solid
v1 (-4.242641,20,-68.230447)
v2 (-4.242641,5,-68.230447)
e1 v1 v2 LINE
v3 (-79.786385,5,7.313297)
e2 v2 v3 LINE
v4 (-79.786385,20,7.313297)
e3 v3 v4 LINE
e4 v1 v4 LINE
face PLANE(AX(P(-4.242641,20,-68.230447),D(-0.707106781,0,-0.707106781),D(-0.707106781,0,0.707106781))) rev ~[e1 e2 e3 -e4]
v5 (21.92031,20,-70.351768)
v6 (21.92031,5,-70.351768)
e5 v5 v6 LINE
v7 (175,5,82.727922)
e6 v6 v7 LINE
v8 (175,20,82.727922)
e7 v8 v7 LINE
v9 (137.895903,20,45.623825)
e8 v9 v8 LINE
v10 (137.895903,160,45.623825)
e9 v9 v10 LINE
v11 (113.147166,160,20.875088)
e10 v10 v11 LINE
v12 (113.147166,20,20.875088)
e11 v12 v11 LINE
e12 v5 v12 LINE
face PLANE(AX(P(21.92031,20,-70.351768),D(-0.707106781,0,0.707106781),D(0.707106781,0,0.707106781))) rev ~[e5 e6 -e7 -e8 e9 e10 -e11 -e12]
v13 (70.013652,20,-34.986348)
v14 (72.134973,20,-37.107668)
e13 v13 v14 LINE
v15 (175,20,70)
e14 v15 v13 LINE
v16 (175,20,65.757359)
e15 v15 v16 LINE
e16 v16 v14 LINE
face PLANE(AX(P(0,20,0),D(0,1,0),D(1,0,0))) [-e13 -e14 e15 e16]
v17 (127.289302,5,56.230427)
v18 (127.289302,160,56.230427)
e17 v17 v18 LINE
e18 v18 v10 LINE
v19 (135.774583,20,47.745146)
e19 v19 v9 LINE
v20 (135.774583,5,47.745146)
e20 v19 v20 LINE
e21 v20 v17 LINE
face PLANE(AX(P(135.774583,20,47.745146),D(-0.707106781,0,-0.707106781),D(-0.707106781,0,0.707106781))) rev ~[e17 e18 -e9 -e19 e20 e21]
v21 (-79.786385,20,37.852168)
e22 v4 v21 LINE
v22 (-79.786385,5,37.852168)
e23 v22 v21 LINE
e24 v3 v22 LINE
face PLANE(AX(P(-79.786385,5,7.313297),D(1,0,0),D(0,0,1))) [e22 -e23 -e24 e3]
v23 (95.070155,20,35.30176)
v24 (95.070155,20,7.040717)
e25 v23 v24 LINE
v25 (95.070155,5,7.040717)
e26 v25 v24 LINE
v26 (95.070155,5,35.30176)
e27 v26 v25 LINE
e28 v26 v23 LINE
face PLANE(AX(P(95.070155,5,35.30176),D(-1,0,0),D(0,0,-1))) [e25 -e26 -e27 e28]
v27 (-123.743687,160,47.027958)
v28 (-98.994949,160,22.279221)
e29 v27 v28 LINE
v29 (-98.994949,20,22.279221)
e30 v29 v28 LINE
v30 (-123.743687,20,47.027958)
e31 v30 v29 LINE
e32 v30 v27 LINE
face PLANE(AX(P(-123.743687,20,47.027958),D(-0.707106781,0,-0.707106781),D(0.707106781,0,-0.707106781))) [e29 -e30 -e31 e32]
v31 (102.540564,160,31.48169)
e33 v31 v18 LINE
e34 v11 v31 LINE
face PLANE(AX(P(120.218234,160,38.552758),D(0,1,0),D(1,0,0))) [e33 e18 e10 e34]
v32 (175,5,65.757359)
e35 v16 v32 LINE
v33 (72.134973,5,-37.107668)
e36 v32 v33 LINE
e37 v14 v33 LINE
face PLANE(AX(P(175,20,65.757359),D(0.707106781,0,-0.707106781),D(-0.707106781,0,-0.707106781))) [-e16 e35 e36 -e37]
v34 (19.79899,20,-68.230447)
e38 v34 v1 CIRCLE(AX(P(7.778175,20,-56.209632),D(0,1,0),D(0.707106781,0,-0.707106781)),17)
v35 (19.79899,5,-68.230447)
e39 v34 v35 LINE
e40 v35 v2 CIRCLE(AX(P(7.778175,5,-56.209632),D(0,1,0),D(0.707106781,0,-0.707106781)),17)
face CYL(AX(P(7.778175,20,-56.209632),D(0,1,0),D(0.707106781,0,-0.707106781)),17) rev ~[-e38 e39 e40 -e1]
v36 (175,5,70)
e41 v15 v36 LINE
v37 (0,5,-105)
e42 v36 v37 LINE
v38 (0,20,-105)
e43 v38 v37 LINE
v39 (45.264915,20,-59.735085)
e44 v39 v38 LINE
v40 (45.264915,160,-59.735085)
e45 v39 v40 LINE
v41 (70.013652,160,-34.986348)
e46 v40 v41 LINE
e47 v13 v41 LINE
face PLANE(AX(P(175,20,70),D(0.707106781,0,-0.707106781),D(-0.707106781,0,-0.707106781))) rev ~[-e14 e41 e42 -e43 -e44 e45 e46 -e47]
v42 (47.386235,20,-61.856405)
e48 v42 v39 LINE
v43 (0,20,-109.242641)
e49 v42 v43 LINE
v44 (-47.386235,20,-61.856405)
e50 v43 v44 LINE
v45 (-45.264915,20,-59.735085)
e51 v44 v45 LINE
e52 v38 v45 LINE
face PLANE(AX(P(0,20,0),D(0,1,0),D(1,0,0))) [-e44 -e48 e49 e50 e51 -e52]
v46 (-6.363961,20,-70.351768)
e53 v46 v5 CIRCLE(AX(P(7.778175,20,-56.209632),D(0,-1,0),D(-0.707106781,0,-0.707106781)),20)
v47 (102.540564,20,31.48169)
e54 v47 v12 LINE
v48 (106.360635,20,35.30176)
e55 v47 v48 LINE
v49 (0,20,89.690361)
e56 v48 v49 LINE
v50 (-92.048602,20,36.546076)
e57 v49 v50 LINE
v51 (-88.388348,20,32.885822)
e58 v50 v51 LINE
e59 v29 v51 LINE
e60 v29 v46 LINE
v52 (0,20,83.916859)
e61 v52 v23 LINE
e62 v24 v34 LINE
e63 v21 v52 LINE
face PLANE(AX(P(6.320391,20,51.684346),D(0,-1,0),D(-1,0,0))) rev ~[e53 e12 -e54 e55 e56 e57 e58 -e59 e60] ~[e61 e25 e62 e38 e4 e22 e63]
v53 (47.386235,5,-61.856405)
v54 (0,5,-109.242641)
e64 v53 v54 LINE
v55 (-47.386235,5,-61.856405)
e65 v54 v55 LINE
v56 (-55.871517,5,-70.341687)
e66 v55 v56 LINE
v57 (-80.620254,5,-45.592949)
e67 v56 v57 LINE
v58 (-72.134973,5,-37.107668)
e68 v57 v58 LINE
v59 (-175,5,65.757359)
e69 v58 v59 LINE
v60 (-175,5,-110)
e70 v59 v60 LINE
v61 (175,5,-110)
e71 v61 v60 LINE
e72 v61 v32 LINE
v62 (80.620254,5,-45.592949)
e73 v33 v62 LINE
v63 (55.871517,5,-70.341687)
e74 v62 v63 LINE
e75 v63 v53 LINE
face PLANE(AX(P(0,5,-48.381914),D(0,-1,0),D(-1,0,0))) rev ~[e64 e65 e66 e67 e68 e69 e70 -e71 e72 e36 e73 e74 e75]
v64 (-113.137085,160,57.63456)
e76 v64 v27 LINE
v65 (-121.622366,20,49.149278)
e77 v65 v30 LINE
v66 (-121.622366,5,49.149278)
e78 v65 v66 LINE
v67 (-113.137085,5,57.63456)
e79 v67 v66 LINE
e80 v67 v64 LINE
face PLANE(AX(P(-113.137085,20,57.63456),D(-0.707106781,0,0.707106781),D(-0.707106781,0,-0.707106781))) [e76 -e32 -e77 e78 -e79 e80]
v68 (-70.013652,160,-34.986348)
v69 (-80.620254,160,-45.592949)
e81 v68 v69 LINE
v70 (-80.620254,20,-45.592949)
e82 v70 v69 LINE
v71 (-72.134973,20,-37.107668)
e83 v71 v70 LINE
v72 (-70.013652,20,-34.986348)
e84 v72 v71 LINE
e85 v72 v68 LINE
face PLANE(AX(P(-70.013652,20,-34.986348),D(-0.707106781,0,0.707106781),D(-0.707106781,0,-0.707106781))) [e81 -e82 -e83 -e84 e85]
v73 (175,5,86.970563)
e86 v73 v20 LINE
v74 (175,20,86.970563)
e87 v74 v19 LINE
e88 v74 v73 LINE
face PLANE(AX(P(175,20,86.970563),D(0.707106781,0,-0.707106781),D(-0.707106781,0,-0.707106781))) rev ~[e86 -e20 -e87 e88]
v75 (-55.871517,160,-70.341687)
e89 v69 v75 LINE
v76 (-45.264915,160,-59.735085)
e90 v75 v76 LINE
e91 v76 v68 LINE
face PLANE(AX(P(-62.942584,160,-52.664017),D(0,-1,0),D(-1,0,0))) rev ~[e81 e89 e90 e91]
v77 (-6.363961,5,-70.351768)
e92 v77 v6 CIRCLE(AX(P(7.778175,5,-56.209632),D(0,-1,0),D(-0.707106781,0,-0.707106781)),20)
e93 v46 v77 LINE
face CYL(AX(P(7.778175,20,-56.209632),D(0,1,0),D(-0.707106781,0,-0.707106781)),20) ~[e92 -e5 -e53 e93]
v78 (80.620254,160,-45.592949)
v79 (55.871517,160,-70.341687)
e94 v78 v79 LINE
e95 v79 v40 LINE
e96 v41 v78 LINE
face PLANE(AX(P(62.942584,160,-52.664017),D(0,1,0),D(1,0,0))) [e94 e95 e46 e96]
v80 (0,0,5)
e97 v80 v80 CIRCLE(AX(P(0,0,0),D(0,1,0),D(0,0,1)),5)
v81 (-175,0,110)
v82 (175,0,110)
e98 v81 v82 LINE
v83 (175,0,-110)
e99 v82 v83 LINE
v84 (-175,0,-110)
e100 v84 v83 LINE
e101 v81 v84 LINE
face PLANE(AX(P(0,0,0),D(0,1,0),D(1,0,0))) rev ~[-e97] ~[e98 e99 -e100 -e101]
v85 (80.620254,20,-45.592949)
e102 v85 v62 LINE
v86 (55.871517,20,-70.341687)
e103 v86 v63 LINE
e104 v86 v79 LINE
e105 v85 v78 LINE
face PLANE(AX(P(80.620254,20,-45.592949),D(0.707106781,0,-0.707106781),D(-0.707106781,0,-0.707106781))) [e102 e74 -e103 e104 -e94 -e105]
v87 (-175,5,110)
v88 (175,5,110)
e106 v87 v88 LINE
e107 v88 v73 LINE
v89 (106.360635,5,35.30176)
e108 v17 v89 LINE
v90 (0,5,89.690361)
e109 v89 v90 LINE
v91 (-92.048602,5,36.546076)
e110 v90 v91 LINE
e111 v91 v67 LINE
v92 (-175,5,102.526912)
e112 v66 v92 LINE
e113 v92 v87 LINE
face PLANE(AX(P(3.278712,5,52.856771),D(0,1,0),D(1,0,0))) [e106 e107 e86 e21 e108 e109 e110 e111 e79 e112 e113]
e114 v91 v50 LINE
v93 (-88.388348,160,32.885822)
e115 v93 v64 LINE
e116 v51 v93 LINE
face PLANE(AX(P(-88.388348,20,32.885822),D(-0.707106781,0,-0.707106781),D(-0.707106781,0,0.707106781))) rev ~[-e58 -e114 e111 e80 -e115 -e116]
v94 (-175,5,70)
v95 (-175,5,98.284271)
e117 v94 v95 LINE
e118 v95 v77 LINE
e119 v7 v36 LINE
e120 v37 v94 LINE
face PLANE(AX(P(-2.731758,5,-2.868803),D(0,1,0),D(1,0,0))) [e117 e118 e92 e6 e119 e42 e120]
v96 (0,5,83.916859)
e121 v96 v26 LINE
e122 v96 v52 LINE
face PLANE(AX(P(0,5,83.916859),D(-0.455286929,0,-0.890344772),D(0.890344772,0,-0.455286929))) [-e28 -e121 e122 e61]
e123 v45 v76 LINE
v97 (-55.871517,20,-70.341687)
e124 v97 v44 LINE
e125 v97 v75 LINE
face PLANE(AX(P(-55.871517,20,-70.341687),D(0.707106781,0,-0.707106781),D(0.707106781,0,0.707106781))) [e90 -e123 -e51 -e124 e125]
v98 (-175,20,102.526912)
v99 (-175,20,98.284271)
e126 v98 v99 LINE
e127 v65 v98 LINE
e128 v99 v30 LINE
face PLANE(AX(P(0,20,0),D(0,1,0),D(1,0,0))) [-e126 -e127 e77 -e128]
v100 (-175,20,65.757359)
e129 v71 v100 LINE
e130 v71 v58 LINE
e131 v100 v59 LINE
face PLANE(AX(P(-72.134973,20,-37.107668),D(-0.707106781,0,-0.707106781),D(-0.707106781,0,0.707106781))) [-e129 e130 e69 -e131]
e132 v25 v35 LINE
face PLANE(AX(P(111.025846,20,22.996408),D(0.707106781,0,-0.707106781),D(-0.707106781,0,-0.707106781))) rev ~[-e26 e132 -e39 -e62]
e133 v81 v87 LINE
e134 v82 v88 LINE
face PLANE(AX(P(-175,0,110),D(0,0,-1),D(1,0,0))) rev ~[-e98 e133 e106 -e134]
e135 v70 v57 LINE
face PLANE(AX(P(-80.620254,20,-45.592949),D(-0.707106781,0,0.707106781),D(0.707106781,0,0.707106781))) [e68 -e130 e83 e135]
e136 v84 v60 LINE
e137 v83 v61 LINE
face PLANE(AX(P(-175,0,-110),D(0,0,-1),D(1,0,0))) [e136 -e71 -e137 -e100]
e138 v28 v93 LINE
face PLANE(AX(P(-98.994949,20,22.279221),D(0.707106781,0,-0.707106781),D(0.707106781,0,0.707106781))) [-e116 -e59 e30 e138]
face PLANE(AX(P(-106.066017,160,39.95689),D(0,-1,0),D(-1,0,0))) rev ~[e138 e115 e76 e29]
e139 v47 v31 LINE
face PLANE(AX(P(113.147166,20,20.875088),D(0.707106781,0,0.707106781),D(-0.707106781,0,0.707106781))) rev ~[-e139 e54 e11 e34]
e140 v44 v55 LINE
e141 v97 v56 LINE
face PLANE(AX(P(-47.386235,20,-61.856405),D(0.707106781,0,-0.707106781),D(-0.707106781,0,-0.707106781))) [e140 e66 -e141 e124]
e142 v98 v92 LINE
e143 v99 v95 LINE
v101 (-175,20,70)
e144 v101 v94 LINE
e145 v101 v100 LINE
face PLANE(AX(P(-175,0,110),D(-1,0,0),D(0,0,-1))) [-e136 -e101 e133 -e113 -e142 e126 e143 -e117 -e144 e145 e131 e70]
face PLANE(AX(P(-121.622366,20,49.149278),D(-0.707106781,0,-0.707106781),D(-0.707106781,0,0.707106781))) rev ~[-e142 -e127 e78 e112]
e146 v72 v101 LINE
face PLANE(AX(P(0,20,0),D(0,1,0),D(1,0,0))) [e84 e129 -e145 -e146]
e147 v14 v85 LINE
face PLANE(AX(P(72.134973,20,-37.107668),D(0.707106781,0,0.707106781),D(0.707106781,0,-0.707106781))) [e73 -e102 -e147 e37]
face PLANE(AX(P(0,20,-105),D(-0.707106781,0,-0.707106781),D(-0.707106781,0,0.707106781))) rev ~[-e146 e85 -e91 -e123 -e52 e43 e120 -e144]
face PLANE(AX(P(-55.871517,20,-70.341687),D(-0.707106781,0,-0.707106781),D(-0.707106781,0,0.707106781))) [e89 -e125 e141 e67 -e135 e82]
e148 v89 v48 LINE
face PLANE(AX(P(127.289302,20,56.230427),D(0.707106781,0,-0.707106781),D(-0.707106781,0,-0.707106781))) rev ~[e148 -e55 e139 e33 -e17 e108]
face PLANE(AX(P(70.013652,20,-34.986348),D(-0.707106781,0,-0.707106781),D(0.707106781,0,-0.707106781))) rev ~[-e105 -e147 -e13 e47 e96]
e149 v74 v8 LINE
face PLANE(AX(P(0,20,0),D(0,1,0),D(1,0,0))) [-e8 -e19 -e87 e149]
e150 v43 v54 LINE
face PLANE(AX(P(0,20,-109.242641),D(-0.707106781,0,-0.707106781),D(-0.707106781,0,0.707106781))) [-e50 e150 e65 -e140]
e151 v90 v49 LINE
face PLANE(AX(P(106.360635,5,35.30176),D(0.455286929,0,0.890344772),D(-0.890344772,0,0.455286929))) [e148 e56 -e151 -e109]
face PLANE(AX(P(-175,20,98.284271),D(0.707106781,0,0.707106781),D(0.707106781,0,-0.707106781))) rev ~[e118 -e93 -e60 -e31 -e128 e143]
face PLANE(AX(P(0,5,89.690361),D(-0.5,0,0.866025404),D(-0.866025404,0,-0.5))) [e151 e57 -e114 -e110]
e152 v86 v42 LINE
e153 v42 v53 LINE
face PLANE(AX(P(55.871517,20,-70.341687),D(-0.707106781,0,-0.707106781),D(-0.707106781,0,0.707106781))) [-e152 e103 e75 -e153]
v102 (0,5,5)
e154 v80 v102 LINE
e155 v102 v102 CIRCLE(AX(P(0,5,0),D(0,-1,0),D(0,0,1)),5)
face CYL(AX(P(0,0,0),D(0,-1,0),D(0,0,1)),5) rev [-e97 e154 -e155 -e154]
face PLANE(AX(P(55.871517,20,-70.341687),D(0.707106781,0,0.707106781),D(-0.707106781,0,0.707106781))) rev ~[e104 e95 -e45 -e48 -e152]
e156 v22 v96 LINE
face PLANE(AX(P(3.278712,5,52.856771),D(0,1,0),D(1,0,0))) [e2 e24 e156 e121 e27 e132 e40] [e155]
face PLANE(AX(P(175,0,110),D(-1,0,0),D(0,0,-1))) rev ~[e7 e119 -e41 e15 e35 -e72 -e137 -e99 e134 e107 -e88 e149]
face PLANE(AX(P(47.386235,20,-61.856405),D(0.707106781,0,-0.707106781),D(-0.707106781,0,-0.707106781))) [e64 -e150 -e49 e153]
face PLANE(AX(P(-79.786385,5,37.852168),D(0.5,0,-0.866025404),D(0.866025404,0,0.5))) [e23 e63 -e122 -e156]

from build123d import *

# Parameters (mm, degrees)
CROQUIS2_W              = 350
CROQUIS2_H              = 220
CROQUIS2_R              = 5
SALIENTE_EXTRUIR1_DEPTH = 20
CORTAR_EXTRUIR1_DEPTH   = 7
CORTAR_EXTRUIR3_DEPTH   = 15
SALIENTE_EXTRUIR3_DEPTH = 140
CORTAR_EXTRUIR4_DEPTH   = 15
SALIENTE_EXTRUIR4_DEPTH = 15


with BuildPart() as part:
    # Croquis2 → Saliente-Extruir1 (new body)
    with BuildSketch(Plane(origin=(0, 0, 0), x_dir=(1, 0, 0), z_dir=(0, 1, 0))):
        Rectangle(CROQUIS2_W, CROQUIS2_H)
        with Locations(Location((0, 0, 0), (0, 0, 270))):
            Circle(CROQUIS2_R, mode=Mode.SUBTRACT)
    extrude(amount=SALIENTE_EXTRUIR1_DEPTH)

    # Croquis3 → Cortar-Extruir1 (cut)
    with BuildSketch(Plane(origin=(0, 20, 0), x_dir=(1, 0, 0), z_dir=(0, 1, 0))):
        Polygon((-7.505553499, 0), (-3.75277675, -6.5), (3.75277675, -6.5), (7.505553499, 0), (3.75277675, 6.5), (-3.75277675, 6.5), align=None)
    extrude(amount=-CORTAR_EXTRUIR1_DEPTH, mode=Mode.SUBTRACT)

    # Croquis8 → Cortar-Extruir3 (cut)
    with BuildSketch(Plane(origin=(0, 20, 0), x_dir=(1, 0, 0), z_dir=(0, 1, 0))):
        with BuildLine():
            Line((21.920310217, 70.351767722), (175, -82.727922061))
            Line((175, -82.727922061), (175, -70))
            Line((175, -70), (0, 105))
            Line((0, 105), (-175, -70))
            Line((-175, -70), (-175, -98.284271247))
            Line((-175, -98.284271247), (-6.363961031, 70.351767722))
            ThreePointArc((-6.363961031, 70.351767722), (7.778174593, 76.209632098), (21.920310217, 70.351767722))
        make_face()
    extrude(amount=-CORTAR_EXTRUIR3_DEPTH, mode=Mode.SUBTRACT)

    # Croquis9 → Saliente-Extruir3 (add)
    with BuildSketch(Plane(origin=(0, 20, 0), x_dir=(1, 0, 0), z_dir=(0, 1, 0))):
        Polygon((-98.994949366, -22.279220614), (-88.388347648, -32.885822331), (-113.13708499, -57.634559673), (-123.743686708, -47.027957955), align=None)
        Polygon((-70.01365227, 34.98634773), (-80.620253988, 45.592949448), (-55.871516646, 70.34168679), (-45.264914928, 59.735085072), align=None)
        Polygon((45.264914928, 59.735085072), (70.01365227, 34.98634773), (80.620253988, 45.592949448), (55.871516646, 70.34168679), align=None)
        Polygon((113.147165922, -20.875087983), (102.540564204, -31.481689701), (127.289301546, -56.230427043), (137.895903264, -45.623825325), align=None)
    extrude(amount=SALIENTE_EXTRUIR3_DEPTH)

    # Croquis10 → Cortar-Extruir4 (cut)
    with BuildSketch(Plane(origin=(0, 20, 0), x_dir=(1, 0, 0), z_dir=(0, 1, 0))):
        Polygon((-175, -65.757359313), (-175, 110), (0, 110), (175, 110), (175, -65.757359313), (72.134972613, 37.107668074), (80.620253988, 45.592949448), (55.871516646, 70.34168679), (47.386235272, 61.856405415), (0, 109.242640687), (-47.386235272, 61.856405415), (-55.871516646, 70.34168679), (-80.620253988, 45.592949448), (-72.134972613, 37.107668074), align=None)
        with BuildLine():
            Line((-96.873629023, -24.400540957), (-88.388347648, -32.885822331))
            Line((-88.388347648, -32.885822331), (-113.13708499, -57.634559673))
            Line((-113.13708499, -57.634559673), (-121.622366364, -49.149278299))
            Line((-121.622366364, -49.149278299), (-175, -102.526911935))
            Line((-175, -102.526911935), (-175, -110))
            Line((-175, -110), (175, -110))
            Line((175, -110), (175, -86.970562748))
            Line((175, -86.970562748), (135.77458292, -47.745145669))
            Line((135.77458292, -47.745145669), (127.289301546, -56.230427043))
            Line((127.289301546, -56.230427043), (102.540564204, -31.481689701))
            Line((102.540564204, -31.481689701), (111.025845579, -22.996408327))
            Line((111.025845579, -22.996408327), (19.798989873, 68.230447378))
            ThreePointArc((19.798989873, 68.230447378), (7.778174593, 73.209632098), (-4.242640687, 68.230447378))
            Line((-4.242640687, 68.230447378), (-96.873629023, -24.400540957))
        make_face()
    extrude(amount=-CORTAR_EXTRUIR4_DEPTH, mode=Mode.SUBTRACT)

    # Croquis11 → Saliente-Extruir4 (add)
    with BuildSketch(Plane(origin=(0, 5, 0), x_dir=(1, 0, 0), z_dir=(0, 1, 0))):
        Polygon((95.070154737, -35.301760182), (95.070154737, -7.040717486), (111.025845579, -22.996408327), (102.540564204, -31.481689701), (106.360634685, -35.301760182), (0, -89.690361331), (-92.048601686, -36.546076369), (-88.388347648, -32.885822331), (-96.873629023, -24.400540957), (-79.786384853, -7.313296787), (-79.786384853, -37.852167867), (0, -83.916858639), align=None)
    extrude(amount=SALIENTE_EXTRUIR4_DEPTH)


solid = part.part
